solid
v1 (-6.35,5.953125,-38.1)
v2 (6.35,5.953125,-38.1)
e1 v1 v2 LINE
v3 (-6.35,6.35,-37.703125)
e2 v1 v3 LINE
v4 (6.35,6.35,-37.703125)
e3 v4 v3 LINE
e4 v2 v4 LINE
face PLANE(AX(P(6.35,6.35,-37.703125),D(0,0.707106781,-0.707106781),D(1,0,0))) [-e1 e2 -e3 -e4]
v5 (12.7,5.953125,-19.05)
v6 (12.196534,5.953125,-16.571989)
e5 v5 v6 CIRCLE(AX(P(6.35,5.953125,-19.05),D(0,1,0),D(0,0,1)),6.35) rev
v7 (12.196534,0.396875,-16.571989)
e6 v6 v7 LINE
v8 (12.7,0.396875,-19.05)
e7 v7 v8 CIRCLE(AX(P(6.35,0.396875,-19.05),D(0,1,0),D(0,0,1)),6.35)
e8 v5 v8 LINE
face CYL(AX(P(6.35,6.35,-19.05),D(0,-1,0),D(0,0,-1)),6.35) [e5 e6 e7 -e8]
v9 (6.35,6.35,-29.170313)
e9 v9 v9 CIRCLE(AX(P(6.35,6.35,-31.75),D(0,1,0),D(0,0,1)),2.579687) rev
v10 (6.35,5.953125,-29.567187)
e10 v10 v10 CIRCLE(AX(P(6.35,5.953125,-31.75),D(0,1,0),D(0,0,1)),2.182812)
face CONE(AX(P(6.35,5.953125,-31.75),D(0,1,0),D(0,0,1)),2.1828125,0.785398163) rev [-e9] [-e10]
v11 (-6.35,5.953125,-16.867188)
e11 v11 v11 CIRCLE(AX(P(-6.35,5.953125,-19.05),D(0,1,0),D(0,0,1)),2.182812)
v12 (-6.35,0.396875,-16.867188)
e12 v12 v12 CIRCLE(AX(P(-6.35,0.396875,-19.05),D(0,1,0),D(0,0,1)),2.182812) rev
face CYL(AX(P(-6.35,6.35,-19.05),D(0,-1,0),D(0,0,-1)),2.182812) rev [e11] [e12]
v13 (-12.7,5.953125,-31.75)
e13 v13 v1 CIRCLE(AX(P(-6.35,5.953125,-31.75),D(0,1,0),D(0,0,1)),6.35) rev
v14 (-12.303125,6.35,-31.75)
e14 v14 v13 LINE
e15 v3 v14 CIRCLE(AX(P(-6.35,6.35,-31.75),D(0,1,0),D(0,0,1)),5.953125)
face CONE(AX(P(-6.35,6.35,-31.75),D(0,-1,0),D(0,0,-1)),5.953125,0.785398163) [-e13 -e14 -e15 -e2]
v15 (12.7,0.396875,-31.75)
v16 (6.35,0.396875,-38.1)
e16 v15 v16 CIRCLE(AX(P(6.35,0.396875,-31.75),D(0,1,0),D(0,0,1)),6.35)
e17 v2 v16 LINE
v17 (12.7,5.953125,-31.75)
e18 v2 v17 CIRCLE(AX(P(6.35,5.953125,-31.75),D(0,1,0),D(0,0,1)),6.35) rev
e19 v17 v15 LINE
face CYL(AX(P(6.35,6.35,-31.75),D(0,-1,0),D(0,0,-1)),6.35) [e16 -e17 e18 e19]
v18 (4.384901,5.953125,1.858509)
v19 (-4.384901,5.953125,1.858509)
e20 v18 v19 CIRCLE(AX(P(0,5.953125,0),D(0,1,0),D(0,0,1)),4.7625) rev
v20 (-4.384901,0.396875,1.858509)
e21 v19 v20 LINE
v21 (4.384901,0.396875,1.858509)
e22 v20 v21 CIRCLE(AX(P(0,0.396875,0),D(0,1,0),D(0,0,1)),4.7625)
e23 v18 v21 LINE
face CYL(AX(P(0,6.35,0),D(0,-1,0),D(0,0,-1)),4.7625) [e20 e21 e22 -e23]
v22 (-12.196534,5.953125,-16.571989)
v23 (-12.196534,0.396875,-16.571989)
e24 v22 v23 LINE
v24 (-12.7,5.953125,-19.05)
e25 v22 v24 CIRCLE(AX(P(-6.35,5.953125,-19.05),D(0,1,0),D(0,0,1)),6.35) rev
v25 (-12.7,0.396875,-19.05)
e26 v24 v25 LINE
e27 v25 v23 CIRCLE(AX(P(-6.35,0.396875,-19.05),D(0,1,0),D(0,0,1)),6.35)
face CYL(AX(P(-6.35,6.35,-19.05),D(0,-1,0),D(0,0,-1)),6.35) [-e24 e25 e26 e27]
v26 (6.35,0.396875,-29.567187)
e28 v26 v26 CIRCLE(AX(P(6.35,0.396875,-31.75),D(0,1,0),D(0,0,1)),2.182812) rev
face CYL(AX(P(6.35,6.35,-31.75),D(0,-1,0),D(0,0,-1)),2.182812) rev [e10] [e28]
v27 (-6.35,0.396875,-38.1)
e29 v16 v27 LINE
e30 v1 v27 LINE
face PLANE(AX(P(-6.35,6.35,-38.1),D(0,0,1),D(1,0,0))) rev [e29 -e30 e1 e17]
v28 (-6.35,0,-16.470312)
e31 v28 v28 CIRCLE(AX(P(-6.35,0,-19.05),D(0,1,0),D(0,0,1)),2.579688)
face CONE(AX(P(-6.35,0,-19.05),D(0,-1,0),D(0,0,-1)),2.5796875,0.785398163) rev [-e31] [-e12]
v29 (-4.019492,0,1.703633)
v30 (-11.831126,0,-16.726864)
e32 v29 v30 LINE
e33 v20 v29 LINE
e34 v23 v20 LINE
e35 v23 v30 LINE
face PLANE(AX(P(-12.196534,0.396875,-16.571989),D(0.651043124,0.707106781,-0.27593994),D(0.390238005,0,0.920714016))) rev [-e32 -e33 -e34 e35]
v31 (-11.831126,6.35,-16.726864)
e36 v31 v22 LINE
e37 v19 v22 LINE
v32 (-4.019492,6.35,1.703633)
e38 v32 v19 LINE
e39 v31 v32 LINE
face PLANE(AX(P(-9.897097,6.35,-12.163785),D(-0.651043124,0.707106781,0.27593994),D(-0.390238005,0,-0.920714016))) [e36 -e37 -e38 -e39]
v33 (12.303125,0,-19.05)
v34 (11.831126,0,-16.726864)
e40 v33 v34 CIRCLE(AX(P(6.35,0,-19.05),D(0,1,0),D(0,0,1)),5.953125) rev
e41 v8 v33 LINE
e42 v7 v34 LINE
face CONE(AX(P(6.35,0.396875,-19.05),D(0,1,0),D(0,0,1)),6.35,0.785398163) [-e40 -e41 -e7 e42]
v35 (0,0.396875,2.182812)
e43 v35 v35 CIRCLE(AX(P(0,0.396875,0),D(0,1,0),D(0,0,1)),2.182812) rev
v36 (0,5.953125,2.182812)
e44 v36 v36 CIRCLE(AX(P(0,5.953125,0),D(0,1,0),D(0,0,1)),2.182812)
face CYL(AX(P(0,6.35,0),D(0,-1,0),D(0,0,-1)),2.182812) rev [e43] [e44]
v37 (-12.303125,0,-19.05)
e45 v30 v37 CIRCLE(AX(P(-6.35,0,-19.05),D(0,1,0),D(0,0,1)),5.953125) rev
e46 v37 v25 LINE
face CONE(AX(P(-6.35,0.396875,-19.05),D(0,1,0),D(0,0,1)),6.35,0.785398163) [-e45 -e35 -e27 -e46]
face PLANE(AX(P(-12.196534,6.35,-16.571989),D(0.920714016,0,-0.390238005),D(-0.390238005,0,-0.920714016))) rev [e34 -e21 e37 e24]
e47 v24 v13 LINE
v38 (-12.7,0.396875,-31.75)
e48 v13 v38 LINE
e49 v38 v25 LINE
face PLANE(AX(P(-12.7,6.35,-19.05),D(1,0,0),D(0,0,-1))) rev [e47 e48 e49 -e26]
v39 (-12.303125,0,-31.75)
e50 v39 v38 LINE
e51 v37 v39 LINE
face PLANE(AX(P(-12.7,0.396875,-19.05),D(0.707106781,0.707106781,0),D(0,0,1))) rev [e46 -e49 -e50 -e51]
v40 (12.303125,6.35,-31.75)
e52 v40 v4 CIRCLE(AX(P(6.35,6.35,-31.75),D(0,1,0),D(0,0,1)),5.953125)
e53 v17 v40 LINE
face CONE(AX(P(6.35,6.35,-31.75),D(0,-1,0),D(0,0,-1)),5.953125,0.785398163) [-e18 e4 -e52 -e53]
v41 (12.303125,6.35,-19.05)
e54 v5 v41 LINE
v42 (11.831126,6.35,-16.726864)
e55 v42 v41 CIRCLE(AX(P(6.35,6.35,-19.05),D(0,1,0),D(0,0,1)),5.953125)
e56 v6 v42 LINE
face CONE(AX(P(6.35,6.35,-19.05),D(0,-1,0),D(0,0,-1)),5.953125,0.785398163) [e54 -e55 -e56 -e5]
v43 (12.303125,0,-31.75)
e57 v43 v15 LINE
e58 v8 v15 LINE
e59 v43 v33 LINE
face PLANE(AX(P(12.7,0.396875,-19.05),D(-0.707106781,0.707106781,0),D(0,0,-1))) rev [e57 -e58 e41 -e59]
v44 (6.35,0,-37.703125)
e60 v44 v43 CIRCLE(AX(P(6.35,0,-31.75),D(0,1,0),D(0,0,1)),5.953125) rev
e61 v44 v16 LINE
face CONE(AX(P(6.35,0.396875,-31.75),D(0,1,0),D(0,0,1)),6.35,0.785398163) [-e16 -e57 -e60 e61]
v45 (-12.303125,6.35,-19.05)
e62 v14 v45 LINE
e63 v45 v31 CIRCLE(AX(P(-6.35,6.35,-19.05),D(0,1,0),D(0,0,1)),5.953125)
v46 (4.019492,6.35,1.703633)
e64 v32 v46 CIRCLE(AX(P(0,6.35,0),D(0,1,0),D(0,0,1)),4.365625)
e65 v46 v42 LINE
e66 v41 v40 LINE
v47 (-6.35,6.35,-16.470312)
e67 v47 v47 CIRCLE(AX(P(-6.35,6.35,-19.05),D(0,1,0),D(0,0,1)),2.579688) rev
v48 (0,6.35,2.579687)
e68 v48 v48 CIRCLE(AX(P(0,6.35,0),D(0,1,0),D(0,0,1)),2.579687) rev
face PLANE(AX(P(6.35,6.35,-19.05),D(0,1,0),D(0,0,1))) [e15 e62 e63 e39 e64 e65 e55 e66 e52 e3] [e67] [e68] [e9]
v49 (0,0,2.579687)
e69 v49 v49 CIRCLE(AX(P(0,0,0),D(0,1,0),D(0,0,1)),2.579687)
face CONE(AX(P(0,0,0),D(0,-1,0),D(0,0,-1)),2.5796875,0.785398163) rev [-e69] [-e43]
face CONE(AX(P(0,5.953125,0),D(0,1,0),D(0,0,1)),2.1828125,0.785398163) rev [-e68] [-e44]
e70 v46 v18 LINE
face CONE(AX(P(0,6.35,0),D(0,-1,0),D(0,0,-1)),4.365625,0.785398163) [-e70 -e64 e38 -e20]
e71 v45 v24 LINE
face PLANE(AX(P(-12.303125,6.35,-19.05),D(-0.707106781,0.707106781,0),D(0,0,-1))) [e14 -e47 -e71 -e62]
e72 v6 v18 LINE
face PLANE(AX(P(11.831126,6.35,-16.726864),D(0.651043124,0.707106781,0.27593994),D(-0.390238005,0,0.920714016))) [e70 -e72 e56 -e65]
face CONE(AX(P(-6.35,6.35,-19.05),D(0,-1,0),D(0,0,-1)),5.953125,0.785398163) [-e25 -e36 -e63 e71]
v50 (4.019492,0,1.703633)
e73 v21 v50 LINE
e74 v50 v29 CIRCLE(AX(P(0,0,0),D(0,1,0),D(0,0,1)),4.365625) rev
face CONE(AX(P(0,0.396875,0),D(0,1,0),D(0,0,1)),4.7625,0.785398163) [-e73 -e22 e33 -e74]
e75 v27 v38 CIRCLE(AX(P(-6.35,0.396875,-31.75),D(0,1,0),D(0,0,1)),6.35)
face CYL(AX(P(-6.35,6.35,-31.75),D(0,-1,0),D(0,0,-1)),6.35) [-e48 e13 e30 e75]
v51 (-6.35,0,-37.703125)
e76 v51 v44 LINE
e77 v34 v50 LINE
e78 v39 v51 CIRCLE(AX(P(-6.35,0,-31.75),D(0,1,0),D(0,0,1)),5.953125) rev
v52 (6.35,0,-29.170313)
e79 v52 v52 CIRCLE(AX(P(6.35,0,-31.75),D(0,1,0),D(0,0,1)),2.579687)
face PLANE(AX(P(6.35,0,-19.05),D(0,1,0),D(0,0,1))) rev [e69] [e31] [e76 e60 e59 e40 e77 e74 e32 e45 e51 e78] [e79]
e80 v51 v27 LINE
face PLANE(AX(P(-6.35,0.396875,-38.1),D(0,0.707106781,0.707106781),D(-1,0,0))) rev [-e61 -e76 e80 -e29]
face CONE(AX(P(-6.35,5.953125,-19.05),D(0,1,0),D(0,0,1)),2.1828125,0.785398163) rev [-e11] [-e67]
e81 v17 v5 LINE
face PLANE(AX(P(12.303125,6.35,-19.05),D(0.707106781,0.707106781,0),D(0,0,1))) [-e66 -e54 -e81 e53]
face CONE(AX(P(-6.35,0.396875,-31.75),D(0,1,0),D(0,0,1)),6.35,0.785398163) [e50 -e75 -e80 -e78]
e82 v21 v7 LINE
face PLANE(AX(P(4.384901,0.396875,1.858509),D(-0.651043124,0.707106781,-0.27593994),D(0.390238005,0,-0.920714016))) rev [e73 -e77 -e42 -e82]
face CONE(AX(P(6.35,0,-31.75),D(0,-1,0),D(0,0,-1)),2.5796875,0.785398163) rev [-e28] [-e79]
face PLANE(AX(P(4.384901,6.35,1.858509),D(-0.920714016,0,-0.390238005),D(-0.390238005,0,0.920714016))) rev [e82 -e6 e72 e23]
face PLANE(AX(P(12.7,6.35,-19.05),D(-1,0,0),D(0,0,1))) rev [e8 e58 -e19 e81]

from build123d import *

# Parameters (mm, degrees)
SKETCH1_R           = 2.1828125
BOSS_EXTRUDE1_DEPTH = 6.35
CHAMFER1_SIZE       = 0.396875


with BuildPart() as part:
    # Sketch1 → Boss-Extrude1 (new body)
    with BuildSketch(Plane(origin=(0, 0, 0), x_dir=(1, 0, 0), z_dir=(0, 1, 0))):
        with BuildLine():
            Line((-12.7, 19.05), (-12.7, 31.75))
            ThreePointArc((-12.7, 31.75), (-10.840128061, 36.240128061), (-6.35, 38.1))
            Line((-6.35, 38.1), (6.35, 38.1))
            ThreePointArc((6.35, 38.1), (10.840128061, 36.240128061), (12.7, 31.75))
            Line((12.7, 31.75), (12.7, 19.05))
            ThreePointArc((12.7, 19.05), (12.572860713, 17.785680204), (12.196534001, 16.571988666))
            Line((12.196534001, 16.571988666), (4.384900501, -1.8585085))
            ThreePointArc((4.384900501, -1.8585085), (0, -4.7625), (-4.384900501, -1.8585085))
            Line((-4.384900501, -1.8585085), (-12.196534001, 16.571988666))
            ThreePointArc((-12.196534001, 16.571988666), (-12.572860713, 17.785680204), (-12.7, 19.05))
        make_face()
        Circle(SKETCH1_R, mode=Mode.SUBTRACT)
        with Locations((6.35, 31.75)):
            Circle(SKETCH1_R, mode=Mode.SUBTRACT)
        with Locations((-6.35, 19.05)):
            Circle(SKETCH1_R, mode=Mode.SUBTRACT)
    extrude(amount=BOSS_EXTRUDE1_DEPTH)

    # Chamfer1
    chamfer1_edges = [part.edges().sort_by_distance(p)[0] for p in [
        (8.290717251, 0, -7.356740083),
        (0, 0, 4.7625),
        (-8.290717251, 0, -7.356740083),
        (-12.572860713, 0, -17.785680204),
        (-12.7, 0, -25.4),
        (-10.840128061, 0, -36.240128061),
        (0, 0, -38.1),
        (10.840128061, 6.35, -36.240128061),
        (10.840128061, 0, -36.240128061),
        (12.7, 0, -25.4),
        (12.572860713, 0, -17.785680204),
        (0, 6.35, -38.1),
        (-10.840128061, 6.35, -36.240128061),
        (-12.7, 6.35, -25.4),
        (-2.1828125, 0, 0),
        (-2.1828125, 6.35, 0),
        (-12.572860713, 6.35, -17.785680204),
        (4.1671875, 0, -31.75),
        (4.1671875, 6.35, -31.75),
        (-8.290717251, 6.35, -7.356740083),
        (-8.5328125, 0, -19.05),
        (-8.5328125, 6.35, -19.05),
        (0, 6.35, 4.7625),
        (8.290717251, 6.35, -7.356740083),
        (12.572860713, 6.35, -17.785680204),
        (12.7, 6.35, -25.4),
    ]]
    chamfer(chamfer1_edges, length=CHAMFER1_SIZE)


solid = part.part
